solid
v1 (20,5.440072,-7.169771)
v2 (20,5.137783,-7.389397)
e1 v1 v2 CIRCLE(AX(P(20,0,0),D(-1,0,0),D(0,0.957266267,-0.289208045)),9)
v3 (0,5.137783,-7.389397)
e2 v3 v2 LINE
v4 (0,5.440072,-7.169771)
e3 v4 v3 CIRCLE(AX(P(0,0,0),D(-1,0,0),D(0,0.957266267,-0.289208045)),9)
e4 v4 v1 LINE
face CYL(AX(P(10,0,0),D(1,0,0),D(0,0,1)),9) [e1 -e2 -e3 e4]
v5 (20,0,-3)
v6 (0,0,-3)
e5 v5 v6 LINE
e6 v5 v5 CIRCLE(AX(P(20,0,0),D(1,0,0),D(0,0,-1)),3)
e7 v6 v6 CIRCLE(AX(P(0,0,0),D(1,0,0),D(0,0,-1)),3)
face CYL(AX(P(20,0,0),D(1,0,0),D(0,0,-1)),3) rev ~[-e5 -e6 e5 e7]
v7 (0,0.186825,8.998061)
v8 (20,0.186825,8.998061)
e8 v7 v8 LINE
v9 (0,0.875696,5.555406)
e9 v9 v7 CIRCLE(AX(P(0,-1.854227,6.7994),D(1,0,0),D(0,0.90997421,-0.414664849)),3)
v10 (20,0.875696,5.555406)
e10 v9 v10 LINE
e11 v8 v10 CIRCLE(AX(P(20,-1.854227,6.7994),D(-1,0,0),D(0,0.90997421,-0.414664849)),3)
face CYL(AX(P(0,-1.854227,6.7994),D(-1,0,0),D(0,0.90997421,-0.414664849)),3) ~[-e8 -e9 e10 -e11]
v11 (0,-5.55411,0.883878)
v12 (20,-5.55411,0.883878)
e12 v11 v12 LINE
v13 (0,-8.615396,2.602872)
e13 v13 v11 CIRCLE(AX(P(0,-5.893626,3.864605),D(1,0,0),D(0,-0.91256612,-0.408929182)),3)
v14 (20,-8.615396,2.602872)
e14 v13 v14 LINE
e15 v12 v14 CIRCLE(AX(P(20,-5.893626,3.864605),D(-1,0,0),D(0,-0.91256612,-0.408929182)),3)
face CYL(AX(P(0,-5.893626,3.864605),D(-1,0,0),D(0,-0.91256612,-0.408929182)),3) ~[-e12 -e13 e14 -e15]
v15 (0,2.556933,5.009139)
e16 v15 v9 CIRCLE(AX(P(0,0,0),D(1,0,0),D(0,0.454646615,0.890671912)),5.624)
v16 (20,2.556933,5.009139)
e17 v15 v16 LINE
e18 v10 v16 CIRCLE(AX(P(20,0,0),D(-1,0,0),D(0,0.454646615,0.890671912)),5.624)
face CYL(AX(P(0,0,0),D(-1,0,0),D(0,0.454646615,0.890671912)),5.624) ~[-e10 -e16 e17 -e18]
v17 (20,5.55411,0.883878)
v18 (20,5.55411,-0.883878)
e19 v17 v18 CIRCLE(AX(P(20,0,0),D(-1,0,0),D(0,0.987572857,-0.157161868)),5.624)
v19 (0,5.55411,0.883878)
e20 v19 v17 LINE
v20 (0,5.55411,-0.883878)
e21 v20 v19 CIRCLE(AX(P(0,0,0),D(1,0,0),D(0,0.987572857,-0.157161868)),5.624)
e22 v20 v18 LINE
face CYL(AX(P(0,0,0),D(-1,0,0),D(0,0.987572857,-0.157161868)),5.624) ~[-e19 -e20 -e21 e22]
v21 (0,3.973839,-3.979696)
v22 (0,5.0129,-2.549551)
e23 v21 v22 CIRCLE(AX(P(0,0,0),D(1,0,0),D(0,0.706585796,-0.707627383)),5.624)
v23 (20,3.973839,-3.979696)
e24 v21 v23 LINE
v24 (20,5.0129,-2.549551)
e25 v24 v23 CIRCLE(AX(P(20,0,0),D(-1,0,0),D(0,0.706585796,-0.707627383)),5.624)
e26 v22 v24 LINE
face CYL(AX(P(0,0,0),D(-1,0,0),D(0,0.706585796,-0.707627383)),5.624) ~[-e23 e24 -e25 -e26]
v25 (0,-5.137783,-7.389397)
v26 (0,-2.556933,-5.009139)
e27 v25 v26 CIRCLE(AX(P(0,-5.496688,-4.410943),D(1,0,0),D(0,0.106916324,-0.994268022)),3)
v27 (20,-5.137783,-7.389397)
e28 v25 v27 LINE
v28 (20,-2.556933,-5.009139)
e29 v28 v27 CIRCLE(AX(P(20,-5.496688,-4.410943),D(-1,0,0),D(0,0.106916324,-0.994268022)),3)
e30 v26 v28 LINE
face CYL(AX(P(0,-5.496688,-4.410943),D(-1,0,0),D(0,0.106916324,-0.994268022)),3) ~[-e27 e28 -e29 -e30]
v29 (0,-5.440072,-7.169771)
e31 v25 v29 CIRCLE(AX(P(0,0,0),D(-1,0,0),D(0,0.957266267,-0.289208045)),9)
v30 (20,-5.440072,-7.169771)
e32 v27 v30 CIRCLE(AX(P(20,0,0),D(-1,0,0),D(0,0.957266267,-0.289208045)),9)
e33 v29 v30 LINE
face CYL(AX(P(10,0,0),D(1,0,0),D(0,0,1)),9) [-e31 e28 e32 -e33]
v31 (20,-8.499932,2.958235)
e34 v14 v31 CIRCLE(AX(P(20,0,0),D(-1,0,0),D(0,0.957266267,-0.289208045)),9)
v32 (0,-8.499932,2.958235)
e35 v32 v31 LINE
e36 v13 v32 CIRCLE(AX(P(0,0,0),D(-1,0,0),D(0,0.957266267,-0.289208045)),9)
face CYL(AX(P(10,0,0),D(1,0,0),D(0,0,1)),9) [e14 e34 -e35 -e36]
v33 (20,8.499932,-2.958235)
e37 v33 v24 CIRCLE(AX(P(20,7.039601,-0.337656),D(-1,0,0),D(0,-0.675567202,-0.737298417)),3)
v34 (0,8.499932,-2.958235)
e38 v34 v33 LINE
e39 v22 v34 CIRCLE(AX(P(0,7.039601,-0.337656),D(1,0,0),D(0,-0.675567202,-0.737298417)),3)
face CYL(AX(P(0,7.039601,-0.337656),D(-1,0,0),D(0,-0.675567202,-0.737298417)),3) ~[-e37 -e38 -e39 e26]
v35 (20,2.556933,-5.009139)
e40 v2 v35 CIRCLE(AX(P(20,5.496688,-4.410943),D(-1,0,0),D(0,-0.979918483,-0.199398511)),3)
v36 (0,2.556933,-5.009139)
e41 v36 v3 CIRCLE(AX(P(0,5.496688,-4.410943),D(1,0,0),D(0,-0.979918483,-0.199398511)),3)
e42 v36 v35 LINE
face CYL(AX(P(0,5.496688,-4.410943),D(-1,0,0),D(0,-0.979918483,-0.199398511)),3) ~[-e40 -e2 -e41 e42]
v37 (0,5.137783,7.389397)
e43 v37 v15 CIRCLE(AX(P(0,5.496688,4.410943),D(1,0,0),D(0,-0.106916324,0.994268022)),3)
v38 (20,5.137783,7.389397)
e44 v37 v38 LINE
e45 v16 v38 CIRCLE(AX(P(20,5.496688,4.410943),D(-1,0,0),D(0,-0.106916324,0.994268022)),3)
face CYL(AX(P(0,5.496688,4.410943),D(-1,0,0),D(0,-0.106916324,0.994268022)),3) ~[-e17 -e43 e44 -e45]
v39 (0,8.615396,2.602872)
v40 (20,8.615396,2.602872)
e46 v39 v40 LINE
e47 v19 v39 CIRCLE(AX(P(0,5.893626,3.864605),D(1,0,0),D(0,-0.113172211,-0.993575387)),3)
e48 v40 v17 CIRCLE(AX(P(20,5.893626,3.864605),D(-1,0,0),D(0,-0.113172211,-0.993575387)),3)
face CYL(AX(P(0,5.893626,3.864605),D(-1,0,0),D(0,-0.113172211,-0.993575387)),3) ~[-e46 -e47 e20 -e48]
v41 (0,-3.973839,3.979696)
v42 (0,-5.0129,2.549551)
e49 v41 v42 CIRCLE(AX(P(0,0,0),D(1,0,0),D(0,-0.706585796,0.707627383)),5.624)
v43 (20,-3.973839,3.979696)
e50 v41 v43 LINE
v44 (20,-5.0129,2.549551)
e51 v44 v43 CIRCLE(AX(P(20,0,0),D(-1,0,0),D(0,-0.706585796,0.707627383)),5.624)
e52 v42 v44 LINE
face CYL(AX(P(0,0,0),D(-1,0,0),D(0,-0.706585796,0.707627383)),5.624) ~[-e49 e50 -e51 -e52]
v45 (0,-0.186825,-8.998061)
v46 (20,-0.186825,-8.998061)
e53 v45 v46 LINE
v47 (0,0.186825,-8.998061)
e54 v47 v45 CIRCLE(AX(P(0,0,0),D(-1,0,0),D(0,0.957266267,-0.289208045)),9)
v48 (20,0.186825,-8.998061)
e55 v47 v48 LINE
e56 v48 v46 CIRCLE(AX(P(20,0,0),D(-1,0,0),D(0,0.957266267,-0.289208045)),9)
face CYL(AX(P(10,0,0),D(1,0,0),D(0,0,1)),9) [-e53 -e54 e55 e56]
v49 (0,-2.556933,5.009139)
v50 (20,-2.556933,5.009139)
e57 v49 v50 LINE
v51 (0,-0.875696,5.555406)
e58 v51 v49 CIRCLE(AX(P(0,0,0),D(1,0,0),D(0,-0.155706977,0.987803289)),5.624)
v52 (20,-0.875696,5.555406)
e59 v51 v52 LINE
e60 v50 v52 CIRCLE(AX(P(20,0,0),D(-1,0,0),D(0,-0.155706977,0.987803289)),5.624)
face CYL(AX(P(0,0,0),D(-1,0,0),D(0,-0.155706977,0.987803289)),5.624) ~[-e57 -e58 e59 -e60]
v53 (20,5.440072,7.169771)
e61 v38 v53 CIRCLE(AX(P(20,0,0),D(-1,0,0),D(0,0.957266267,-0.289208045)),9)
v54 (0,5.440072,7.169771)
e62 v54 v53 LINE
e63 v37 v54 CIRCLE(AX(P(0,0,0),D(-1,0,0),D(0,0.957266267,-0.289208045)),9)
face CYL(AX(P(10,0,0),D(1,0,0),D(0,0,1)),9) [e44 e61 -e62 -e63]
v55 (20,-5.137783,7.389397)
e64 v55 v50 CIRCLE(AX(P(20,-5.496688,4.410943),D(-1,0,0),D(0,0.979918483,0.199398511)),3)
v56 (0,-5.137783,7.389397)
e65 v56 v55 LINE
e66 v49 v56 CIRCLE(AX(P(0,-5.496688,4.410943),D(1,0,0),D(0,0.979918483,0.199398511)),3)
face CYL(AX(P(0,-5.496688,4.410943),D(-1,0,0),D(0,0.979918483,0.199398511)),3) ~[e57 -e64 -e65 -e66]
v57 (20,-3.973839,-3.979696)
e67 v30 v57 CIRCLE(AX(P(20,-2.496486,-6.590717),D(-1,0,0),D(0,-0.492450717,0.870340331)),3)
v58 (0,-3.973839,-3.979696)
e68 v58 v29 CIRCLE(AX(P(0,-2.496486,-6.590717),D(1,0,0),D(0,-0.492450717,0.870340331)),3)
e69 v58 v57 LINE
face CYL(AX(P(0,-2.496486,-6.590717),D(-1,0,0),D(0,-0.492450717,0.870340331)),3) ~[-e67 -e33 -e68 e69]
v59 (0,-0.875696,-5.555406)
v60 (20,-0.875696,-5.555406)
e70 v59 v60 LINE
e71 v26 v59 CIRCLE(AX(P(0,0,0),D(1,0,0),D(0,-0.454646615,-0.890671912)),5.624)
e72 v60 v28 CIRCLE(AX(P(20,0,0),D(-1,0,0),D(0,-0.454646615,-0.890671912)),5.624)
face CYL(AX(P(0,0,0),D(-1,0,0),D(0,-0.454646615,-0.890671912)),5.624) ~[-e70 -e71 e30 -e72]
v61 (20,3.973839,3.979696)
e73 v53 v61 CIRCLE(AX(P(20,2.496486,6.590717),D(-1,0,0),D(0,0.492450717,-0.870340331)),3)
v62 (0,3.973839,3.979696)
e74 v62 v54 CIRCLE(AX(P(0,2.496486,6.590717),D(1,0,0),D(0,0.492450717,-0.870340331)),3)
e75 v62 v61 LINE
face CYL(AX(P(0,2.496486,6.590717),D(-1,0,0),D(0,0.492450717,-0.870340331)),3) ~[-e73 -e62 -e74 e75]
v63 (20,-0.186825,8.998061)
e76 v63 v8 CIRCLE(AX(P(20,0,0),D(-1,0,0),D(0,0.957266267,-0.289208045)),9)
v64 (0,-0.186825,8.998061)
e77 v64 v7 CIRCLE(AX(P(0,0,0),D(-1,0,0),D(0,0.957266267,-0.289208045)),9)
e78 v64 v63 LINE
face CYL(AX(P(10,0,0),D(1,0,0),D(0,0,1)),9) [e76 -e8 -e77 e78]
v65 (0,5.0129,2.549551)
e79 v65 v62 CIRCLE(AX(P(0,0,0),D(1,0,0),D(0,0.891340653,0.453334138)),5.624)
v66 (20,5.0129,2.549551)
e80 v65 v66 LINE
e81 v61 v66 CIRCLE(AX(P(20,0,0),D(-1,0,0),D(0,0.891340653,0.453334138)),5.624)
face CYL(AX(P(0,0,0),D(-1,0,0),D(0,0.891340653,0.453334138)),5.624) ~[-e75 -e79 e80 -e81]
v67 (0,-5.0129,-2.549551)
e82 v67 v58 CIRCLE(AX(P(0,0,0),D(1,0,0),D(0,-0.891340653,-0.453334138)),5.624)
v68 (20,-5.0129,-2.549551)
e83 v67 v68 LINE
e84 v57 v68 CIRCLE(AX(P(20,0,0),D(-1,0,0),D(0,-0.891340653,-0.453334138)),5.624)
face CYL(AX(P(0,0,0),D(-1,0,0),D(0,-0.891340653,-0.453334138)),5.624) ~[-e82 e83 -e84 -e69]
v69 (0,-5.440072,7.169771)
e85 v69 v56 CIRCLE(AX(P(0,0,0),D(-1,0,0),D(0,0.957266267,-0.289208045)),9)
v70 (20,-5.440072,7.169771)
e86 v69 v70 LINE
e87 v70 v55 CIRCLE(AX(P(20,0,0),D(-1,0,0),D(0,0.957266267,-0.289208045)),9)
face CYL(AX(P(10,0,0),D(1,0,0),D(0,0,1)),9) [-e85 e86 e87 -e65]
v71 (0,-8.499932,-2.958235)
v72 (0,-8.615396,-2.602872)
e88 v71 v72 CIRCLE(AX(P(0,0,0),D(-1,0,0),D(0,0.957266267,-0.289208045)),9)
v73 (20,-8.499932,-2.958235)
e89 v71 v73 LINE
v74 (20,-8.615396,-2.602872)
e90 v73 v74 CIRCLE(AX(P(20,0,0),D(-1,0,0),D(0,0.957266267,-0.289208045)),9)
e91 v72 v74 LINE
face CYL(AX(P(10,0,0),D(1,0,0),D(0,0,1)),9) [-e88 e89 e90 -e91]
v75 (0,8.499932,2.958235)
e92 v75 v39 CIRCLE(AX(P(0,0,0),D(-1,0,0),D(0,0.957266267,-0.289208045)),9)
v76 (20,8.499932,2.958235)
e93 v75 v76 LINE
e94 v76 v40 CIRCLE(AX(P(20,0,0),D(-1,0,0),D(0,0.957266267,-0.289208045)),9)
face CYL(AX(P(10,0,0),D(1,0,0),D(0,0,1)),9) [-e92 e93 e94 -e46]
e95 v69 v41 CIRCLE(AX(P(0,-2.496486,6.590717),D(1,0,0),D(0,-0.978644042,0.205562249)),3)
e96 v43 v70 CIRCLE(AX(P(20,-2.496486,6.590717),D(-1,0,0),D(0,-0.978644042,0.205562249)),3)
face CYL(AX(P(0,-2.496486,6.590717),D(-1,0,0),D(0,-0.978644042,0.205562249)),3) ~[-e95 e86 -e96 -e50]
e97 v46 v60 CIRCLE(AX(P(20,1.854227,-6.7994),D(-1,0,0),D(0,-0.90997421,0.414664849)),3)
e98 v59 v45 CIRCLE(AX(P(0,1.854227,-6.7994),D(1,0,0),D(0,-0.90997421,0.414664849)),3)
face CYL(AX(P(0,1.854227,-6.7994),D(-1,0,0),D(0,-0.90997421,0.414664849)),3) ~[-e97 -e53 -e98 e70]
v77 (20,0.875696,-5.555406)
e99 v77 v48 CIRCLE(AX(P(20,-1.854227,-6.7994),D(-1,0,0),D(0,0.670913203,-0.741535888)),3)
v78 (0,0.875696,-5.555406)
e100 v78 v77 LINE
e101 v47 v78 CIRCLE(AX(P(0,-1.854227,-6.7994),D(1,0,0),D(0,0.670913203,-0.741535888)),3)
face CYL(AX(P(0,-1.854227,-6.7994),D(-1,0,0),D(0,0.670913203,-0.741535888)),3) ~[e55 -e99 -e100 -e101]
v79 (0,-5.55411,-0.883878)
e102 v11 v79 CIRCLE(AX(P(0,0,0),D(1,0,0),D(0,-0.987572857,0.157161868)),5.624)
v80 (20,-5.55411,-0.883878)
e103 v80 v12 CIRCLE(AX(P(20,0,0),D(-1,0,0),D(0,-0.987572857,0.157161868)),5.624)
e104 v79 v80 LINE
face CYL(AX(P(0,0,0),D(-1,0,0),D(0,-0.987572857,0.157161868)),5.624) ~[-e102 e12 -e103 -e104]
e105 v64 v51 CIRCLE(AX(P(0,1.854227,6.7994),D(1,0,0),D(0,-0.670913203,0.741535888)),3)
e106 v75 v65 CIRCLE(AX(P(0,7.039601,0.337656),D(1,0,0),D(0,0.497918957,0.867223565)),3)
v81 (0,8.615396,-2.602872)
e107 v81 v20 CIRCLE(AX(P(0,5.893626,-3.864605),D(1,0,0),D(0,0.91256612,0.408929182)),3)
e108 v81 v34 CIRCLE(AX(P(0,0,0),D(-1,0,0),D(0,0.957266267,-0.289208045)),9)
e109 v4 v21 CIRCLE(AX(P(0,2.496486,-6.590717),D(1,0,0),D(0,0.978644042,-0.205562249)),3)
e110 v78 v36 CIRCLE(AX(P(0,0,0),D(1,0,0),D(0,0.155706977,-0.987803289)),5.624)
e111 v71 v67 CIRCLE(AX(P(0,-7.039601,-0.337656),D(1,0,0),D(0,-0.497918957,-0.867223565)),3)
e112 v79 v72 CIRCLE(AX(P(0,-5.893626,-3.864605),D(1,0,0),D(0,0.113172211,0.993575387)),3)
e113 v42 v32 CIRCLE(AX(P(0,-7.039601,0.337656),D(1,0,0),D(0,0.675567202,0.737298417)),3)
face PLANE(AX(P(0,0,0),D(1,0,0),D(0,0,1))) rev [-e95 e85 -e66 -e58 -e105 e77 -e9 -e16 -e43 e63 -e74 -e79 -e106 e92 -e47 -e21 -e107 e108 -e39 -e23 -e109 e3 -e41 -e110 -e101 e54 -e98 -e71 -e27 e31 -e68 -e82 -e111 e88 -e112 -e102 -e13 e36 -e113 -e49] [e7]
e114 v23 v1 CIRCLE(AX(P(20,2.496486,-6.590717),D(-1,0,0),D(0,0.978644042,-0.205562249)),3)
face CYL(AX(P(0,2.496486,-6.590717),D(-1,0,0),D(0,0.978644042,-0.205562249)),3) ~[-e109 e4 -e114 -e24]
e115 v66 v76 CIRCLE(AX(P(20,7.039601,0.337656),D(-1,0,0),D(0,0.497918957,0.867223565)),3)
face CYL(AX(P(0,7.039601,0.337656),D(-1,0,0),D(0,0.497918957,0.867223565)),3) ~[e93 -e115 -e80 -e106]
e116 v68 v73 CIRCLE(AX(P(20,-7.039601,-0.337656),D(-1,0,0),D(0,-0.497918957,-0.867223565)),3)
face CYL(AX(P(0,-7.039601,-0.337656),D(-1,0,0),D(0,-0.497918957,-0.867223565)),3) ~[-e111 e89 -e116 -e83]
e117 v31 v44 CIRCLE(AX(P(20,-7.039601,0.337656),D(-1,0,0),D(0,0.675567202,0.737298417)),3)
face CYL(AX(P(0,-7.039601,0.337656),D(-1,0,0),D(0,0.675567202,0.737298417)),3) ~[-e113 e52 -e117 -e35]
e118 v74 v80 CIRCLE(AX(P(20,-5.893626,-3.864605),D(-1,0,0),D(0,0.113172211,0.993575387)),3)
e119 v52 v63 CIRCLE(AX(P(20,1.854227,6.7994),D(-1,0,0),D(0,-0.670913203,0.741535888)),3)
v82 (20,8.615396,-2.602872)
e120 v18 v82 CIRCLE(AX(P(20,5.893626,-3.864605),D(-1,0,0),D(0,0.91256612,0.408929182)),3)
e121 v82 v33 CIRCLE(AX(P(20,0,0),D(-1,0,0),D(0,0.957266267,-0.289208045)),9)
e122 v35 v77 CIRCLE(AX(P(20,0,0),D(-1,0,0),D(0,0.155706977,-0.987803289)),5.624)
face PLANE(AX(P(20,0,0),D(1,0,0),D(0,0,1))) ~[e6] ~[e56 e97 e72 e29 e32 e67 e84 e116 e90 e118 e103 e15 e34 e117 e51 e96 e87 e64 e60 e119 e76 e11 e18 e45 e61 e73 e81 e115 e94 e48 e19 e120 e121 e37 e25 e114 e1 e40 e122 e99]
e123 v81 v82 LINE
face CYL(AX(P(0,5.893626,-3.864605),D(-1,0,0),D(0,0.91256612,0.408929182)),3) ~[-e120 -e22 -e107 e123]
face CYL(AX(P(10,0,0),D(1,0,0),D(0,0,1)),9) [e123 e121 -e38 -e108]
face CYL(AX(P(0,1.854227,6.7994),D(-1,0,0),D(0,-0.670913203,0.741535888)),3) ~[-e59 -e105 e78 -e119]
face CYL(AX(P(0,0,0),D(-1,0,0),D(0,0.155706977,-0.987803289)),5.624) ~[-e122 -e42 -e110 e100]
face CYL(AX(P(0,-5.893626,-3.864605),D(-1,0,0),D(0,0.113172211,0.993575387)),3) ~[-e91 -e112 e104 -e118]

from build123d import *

# Parameters (mm, degrees)
BASPROSKE_W           = 20
BASPROSKE_H           = 9
TOOTHCUT_DEPTH        = 24.706539182
TEETHCUTS_COUNT       = 10
TEETHCUTS_ANGLE       = 324
BORSKE_R              = 2.5
BORE_DEPTH            = 50.0000508
IZIM1_R               = 3
KES_EKSTR_ZYON1_DEPTH = 23


with BuildPart() as part:
    # BasProSke → Base-Revolve (revolve)
    with BuildSketch(Plane(origin=(0, 0, 0), x_dir=(1, 0, 0), z_dir=(0, 1, 0)), mode=Mode.PRIVATE) as base_revolve_sk:
        with Locations((10, 4.5)):
            Rectangle(BASPROSKE_W, BASPROSKE_H)
    revolve(base_revolve_sk.sketch.rotate(Axis((-10, 0, 0), (1, 0, 0)), 180), axis=Axis((-10, 0, 0), (1, 0, 0)))

    # TooCutSke → ToothCut (cut, through all)
    with BuildSketch(Plane(origin=(0, 0, 0), x_dir=(0, 0, -1), z_dir=(1, 0, 0))):
        with BuildLine():
            ThreePointArc((0.883878355, 5.554109745), (0, 5.624), (-0.883878355, 5.554109745))
            ThreePointArc((-0.883878355, 5.554109745), (-1.258245767, 7.379188248), (-2.637816971, 8.631324741))
            ThreePointArc((-2.637816971, 8.631324741), (0, 9.0254), (2.637816971, 8.631324741))
            ThreePointArc((2.637816971, 8.631324741), (1.258245767, 7.379188248), (0.883878355, 5.554109745))
        make_face()
    toothcut = extrude(amount=TOOTHCUT_DEPTH, mode=Mode.SUBTRACT)

    # TeethCuts: ToothCut ×10 about axis
    teethcuts_axis = Axis((-10, 0, 0), (1, 0, 0))
    for i in range(1, TEETHCUTS_COUNT):
        add(toothcut.rotate(teethcuts_axis, i * TEETHCUTS_ANGLE / (TEETHCUTS_COUNT - 1)), mode=Mode.SUBTRACT)

    # BorSke → Bore (cut, symmetric)
    with BuildSketch(Plane(origin=(0, 0, 0), x_dir=(0, 0, -1), z_dir=(1, 0, 0))):
        with Locations(Location((0, 0, 0), (0, 0, 180))):
            Circle(BORSKE_R)
    extrude(amount=BORE_DEPTH, both=True, mode=Mode.SUBTRACT)

    # Çizim1 → Kes-Ekstrüzyon1 (cut)
    with BuildSketch(Plane(origin=(20, 0, 0), x_dir=(0, 0, -1), z_dir=(1, 0, 0))):
        Circle(IZIM1_R)
    extrude(amount=-KES_EKSTR_ZYON1_DEPTH, mode=Mode.SUBTRACT)


solid = part.part
